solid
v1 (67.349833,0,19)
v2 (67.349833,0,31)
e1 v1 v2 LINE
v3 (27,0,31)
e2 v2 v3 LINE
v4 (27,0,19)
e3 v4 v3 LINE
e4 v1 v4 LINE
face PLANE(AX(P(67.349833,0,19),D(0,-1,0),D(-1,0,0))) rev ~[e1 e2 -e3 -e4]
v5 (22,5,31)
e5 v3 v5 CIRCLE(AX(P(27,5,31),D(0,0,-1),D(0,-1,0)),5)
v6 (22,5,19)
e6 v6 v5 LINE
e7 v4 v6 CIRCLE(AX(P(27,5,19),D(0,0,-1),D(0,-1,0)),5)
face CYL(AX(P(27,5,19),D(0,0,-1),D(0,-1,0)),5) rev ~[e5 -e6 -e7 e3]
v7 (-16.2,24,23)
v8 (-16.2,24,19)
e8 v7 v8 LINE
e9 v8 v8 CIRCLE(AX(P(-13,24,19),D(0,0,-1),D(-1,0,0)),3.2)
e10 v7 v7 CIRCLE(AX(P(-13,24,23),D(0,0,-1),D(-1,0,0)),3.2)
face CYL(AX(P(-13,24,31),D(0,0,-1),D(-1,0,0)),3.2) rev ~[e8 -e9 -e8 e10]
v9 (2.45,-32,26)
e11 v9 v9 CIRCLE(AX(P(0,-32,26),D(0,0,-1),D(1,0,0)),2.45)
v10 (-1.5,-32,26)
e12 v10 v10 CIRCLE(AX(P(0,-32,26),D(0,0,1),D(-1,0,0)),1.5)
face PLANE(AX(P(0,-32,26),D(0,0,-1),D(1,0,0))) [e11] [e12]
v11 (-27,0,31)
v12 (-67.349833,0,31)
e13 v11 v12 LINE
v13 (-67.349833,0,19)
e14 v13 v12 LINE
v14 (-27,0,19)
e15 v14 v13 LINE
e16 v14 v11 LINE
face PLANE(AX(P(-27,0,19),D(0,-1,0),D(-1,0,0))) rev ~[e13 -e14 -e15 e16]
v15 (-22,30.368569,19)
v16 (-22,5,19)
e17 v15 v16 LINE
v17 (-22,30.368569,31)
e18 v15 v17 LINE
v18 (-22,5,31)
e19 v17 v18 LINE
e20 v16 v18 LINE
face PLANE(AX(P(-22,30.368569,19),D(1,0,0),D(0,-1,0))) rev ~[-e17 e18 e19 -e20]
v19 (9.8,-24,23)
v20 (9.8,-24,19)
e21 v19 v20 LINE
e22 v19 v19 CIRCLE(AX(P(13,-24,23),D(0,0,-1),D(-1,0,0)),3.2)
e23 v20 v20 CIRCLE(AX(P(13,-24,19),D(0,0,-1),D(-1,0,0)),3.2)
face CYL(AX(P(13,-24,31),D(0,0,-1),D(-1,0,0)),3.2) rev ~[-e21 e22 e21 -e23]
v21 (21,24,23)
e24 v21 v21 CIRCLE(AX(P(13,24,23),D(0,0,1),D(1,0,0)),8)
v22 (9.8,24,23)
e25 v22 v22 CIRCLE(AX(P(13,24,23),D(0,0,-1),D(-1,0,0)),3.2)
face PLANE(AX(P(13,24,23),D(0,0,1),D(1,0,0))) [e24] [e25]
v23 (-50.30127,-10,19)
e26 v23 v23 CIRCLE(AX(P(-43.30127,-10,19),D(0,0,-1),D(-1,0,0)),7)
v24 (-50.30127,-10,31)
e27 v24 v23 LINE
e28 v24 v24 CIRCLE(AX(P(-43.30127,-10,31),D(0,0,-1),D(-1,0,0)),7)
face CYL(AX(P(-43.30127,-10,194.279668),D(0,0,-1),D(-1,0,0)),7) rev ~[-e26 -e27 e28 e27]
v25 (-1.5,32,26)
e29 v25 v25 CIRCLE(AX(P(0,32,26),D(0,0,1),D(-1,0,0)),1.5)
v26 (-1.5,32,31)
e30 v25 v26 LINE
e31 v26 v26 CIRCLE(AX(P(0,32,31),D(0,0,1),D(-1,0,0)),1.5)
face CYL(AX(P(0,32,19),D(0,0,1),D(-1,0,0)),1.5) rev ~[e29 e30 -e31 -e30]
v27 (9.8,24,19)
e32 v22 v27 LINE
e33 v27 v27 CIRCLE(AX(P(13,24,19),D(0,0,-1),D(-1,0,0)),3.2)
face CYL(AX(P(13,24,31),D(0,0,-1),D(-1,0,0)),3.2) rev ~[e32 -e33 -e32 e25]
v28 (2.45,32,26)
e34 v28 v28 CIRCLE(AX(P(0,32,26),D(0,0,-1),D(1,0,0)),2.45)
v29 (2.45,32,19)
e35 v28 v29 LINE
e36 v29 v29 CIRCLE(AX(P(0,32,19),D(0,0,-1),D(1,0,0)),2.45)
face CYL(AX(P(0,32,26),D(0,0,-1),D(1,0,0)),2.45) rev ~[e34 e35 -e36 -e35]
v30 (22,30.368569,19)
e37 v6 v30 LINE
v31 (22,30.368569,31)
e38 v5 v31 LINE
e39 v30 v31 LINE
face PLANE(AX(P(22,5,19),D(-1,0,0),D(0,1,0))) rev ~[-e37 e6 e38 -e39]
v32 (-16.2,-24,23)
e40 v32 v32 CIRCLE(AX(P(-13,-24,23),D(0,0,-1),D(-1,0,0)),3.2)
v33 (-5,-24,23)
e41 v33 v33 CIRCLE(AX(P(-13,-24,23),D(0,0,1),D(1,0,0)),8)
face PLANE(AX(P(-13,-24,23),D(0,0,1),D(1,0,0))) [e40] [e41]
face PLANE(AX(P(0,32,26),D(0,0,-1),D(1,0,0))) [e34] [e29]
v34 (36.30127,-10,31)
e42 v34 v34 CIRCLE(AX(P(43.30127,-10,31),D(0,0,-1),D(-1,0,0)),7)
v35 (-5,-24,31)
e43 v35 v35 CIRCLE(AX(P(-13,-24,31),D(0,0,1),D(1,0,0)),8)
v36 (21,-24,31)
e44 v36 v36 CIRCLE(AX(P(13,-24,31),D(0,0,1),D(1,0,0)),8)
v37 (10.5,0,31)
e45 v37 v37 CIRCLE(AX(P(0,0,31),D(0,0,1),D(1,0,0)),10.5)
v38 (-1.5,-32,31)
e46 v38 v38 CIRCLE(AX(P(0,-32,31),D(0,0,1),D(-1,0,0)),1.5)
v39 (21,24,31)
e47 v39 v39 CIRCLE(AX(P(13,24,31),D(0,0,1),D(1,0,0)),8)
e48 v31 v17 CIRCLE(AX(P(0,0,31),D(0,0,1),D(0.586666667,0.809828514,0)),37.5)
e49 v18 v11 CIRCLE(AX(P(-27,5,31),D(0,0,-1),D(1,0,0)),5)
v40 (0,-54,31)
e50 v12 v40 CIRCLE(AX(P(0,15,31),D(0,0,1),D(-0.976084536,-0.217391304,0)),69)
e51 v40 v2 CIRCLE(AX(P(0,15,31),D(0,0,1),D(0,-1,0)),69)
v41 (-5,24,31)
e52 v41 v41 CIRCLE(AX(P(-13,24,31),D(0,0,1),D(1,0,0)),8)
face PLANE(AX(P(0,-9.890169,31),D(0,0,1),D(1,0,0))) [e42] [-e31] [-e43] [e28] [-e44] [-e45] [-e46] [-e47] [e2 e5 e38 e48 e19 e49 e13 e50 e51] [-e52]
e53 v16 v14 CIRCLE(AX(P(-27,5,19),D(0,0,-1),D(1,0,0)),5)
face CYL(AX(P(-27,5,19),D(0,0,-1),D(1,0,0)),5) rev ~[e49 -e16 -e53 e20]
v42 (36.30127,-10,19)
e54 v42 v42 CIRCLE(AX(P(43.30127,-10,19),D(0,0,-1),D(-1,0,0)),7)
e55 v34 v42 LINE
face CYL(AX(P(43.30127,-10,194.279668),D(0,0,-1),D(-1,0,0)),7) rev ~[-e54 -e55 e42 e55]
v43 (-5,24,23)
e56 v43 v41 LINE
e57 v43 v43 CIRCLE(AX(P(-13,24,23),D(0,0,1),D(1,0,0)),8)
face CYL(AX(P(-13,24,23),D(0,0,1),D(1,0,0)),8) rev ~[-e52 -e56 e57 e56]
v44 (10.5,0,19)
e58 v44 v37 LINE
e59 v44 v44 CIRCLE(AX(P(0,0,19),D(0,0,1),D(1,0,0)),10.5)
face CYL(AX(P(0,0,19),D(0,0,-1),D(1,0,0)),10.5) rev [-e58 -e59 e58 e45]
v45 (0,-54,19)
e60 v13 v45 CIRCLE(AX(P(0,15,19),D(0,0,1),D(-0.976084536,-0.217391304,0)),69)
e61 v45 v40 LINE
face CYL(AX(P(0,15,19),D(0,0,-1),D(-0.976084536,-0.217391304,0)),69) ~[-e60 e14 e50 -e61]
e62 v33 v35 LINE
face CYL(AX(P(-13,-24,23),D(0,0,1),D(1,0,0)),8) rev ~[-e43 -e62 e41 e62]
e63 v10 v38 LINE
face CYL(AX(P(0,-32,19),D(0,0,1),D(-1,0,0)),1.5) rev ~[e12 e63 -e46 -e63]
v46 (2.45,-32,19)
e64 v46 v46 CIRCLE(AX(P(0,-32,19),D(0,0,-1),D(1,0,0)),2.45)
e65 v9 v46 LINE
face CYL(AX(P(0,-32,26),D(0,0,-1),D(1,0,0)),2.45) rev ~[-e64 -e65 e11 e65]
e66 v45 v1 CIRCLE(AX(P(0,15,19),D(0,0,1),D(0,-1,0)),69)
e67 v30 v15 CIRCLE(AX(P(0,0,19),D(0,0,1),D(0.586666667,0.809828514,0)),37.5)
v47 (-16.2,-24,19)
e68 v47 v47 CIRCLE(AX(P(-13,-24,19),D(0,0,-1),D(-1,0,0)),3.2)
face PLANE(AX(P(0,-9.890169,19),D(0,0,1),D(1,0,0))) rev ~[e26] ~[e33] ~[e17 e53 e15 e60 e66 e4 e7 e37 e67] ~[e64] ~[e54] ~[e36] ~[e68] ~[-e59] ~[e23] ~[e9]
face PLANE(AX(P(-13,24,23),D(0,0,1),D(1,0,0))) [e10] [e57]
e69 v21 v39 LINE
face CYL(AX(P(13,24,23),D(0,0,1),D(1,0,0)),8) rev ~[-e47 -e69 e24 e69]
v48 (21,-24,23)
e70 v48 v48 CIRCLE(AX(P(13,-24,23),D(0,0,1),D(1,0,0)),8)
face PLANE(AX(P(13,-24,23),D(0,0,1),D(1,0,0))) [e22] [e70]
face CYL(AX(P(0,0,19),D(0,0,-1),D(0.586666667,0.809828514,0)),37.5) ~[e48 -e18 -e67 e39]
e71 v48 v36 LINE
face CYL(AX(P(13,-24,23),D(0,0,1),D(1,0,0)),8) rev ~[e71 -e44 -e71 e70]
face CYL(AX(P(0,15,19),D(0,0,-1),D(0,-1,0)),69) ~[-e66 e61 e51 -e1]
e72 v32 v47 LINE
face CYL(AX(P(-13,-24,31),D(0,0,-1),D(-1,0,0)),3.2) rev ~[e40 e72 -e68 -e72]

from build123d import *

# Parameters (mm, degrees)
F1_R           = 10.5
F2_DEPTH       = 12
F6_D           = 6.4
F6_CBORE_D     = 16
F6_CBORE_DEPTH = 8
F7_D           = 14
F9_D           = 3
F9_CBORE_D     = 4.9
F9_CBORE_DEPTH = 7


with BuildPart() as f2:
    # F1 (on offset) → F2 (new body)
    with BuildSketch(Plane.XY.offset(19)):
        with BuildLine():
            ThreePointArc((22, 30.3685692781), (0, 37.5), (-22, 30.3685692781))
            Line((-22, 30.3685692781), (-22, 5))
            ThreePointArc((-22, 5), (-23.4644660941, 1.4644660941), (-27, 0))
            Line((-27, 0), (-67.3498329619, 0))
            ThreePointArc((-67.3498329619, 0), (-43.1624837098, -38.8330753348), (0, -54))
            ThreePointArc((0, -54), (43.1624837098, -38.8330753348), (67.3498329619, 0))
            Line((67.3498329619, 0), (27, 0))
            ThreePointArc((27, 0), (23.4644660941, 1.4644660941), (22, 5))
            Line((22, 5), (22, 30.3685692781))
        make_face()
        Circle(F1_R, mode=Mode.SUBTRACT)
    extrude(amount=F2_DEPTH)

    # F6 (through all)
    with Locations(Plane.XY.offset(31)):
        with Locations((-13, 24), (13, 24), (-13, -24), (13, -24)):
            CounterBoreHole(F6_D / 2, F6_CBORE_D / 2, F6_CBORE_DEPTH)

    # F7 (through all)
    with Locations(Plane.XY.offset(31)):
        with Locations((-43.3012701892, -10), (43.3012701892, -10)):
            Hole(F7_D / 2)

    # F9 (through all)
    with Locations(Plane(origin=(0, 0, 19), x_dir=(1, 0, 0), z_dir=(0, 0, -1))):
        with Locations((0, 32), (0, -32)):
            CounterBoreHole(F9_D / 2, F9_CBORE_D / 2, F9_CBORE_DEPTH)


solid = f2.part
